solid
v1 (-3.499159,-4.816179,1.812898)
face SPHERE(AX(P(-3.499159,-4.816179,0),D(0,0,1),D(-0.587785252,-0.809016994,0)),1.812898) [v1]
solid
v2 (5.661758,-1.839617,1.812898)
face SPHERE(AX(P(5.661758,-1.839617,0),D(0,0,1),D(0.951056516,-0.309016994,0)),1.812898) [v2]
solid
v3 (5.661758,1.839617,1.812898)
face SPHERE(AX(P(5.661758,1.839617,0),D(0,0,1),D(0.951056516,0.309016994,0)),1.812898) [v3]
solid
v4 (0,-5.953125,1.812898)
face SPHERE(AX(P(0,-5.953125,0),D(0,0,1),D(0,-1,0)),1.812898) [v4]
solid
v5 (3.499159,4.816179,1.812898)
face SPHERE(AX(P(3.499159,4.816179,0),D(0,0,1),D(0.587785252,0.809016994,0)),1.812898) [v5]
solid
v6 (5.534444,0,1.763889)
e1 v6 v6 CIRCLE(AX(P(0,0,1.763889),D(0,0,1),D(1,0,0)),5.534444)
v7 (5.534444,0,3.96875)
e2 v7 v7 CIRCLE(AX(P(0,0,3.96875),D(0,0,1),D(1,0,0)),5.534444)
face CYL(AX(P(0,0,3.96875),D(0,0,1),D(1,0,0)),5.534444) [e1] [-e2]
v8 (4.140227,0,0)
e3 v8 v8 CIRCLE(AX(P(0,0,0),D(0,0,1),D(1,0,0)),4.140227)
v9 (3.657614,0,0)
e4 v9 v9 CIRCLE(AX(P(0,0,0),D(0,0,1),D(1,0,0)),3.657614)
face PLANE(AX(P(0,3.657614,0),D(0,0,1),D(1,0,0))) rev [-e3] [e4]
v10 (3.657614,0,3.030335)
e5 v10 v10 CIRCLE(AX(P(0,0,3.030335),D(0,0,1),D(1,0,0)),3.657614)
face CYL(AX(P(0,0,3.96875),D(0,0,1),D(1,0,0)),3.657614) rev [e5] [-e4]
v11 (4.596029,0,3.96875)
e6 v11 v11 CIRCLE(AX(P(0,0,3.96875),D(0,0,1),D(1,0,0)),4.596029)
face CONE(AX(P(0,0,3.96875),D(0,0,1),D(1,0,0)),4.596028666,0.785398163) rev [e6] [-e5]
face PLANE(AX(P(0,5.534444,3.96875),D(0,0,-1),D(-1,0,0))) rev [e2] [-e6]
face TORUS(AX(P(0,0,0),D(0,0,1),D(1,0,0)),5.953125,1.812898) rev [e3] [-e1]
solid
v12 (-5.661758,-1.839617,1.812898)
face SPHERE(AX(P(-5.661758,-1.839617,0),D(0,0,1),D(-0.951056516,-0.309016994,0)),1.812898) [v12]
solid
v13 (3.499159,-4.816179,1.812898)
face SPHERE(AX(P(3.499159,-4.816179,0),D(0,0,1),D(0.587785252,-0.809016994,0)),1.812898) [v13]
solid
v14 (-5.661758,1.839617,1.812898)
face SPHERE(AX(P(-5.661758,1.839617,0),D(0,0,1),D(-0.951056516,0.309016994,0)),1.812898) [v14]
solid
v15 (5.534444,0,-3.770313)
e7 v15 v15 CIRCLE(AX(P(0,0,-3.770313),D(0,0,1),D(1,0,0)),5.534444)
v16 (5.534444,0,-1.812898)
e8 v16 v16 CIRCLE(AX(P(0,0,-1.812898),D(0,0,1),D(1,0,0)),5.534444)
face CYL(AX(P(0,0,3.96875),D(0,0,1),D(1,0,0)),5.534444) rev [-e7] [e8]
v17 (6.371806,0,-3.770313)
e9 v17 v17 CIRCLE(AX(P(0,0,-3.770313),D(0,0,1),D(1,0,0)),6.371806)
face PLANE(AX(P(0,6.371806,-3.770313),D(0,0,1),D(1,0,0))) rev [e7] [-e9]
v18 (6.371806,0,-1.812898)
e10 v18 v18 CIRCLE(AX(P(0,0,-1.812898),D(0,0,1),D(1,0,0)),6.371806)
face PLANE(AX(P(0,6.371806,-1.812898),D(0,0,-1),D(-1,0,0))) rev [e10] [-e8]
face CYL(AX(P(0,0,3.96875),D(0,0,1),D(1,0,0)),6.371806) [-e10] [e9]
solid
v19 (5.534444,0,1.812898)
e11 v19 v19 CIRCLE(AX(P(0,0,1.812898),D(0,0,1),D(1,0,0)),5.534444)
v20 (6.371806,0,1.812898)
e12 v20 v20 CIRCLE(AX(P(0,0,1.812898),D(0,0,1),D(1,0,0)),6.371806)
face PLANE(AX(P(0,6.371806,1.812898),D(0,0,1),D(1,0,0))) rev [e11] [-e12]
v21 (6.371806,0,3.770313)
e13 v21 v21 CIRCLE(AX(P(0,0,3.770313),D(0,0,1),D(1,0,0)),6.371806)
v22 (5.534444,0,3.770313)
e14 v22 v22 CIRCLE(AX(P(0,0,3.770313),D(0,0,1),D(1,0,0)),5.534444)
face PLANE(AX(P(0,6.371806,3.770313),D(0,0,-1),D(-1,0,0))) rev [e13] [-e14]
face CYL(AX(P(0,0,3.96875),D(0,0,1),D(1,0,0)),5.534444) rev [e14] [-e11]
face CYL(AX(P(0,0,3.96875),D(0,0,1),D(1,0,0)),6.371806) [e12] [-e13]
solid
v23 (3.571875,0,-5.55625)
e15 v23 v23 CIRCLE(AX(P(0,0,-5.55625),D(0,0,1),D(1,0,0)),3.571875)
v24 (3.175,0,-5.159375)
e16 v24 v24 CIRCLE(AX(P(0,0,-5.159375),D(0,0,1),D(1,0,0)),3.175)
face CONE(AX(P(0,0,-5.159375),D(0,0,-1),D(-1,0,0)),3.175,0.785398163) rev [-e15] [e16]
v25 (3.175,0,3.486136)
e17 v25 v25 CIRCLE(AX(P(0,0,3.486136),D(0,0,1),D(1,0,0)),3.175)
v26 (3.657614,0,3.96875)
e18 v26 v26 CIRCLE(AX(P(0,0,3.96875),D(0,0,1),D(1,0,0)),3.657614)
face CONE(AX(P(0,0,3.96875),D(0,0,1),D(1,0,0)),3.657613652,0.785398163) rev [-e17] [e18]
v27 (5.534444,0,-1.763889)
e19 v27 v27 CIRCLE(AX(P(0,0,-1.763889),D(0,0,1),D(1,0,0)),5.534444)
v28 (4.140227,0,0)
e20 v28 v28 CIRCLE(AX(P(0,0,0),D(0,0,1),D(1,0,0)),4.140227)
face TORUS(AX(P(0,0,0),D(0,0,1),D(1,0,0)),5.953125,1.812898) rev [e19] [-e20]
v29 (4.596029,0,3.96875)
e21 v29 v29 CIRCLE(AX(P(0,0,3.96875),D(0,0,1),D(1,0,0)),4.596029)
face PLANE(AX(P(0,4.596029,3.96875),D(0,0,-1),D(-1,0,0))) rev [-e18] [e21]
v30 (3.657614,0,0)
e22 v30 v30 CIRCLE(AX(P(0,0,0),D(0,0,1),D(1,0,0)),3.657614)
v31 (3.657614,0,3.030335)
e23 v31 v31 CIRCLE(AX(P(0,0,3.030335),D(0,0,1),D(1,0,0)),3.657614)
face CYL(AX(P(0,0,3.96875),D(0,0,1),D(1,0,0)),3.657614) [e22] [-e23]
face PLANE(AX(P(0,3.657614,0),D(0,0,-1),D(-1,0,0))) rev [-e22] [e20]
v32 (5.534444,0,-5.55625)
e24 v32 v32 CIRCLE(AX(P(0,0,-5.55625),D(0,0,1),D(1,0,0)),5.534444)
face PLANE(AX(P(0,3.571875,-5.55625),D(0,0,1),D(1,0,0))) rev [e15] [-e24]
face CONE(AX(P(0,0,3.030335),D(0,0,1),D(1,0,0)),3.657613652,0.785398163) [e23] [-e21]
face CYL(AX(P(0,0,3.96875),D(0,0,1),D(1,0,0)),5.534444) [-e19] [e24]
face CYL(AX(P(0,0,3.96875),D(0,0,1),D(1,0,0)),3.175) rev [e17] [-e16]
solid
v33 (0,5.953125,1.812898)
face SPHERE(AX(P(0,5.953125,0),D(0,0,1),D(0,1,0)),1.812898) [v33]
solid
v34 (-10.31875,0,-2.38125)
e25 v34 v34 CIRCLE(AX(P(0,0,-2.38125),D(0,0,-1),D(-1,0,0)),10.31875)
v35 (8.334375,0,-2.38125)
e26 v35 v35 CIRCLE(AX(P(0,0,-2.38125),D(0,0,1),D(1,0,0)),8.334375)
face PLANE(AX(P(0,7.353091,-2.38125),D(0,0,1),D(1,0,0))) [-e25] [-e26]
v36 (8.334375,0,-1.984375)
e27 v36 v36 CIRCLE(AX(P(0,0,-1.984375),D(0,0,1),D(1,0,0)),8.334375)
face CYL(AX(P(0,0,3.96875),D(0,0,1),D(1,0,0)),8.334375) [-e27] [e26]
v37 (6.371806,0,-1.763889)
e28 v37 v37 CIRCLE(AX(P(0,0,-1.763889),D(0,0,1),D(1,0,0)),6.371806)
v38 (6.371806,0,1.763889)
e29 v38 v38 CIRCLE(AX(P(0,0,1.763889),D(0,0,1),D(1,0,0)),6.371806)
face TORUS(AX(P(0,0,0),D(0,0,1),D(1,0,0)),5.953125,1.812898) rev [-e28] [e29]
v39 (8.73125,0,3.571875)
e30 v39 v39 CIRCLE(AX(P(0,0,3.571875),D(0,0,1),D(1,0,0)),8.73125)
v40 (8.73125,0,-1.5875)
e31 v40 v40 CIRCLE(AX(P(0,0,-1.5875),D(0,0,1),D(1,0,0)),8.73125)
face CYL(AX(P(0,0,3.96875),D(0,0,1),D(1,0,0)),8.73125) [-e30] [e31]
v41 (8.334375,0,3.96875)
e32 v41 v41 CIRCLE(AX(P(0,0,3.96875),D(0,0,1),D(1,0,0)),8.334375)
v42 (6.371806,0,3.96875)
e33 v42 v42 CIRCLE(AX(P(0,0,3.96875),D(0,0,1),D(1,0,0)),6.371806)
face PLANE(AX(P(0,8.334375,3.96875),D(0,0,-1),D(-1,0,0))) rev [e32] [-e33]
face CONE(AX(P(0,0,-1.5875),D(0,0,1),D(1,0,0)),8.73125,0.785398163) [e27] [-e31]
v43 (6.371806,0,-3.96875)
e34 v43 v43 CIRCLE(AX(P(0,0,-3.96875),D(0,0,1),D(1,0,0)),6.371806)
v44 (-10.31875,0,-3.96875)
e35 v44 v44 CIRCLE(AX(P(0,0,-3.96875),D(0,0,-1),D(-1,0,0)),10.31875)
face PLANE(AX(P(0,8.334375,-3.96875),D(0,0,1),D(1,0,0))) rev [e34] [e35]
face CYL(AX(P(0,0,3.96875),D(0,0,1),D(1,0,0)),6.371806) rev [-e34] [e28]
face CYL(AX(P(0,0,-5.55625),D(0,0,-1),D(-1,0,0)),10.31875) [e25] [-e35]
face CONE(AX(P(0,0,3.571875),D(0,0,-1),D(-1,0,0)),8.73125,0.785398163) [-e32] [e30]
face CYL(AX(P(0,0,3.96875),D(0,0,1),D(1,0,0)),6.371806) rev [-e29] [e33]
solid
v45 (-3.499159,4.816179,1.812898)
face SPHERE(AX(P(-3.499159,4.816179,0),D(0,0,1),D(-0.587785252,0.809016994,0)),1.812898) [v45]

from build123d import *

# Parameters (mm, degrees)
SKETCH5_W         = 1.5875
SKETCH5_H         = 2.965659341
CIRPATTERN1_COUNT = 10
SKETCH7_W         = 1.957414803
SKETCH7_H         = 0.837362638


with BuildPart() as part:
    # Sketch1 → Revolve1 (revolve)
    with BuildSketch(Plane(origin=(0, 0, 0), x_dir=(0, 0, -1), z_dir=(1, 0, 0)), mode=Mode.PRIVATE) as revolve1_sk:
        with BuildLine():
            Line((3.571875, 8.73125), (-3.571875, 8.73125))
            Line((-3.571875, 8.73125), (-3.96875, 8.334375))
            Line((-3.96875, 8.334375), (-3.96875, 6.371806319))
            Line((-3.96875, 6.371806319), (-1.763888889, 6.371806319))
            ThreePointArc((-1.763888889, 6.371806319), (0, 7.766022697), (1.763888889, 6.371806319))
            Line((1.763888889, 6.371806319), (3.96875, 6.371806319))
            Line((3.96875, 6.371806319), (3.96875, 8.334375))
            Line((3.96875, 8.334375), (3.571875, 8.73125))
        make_face()
    revolve(revolve1_sk.sketch.rotate(Axis((0, 0, 3.96875), (0, 0, -1)), 90), axis=Axis((0, 0, 3.96875), (0, 0, -1)))

    # Sketch5 → Revolve5 (revolve)
    with BuildSketch(Plane(origin=(0, 0, 0), x_dir=(0, 0, -1), z_dir=(1, 0, 0)), mode=Mode.PRIVATE) as revolve5_sk:
        with Locations((3.175, 8.83592033)):
            Rectangle(SKETCH5_W, SKETCH5_H)
    revolve(revolve5_sk.sketch.rotate(Axis((0, 0, -5.55625), (0, 0, 1)), 270), axis=Axis((0, 0, -5.55625), (0, 0, 1)))

    # Sketch6 → Cut-Revolve1 (revolve, cut)
    with BuildSketch(Plane(origin=(0, 0, 0), x_dir=(0, 0, -1), z_dir=(1, 0, 0)), mode=Mode.PRIVATE) as cut_revolve1_sk:
        Polygon((1.5875, 8.73125), (1.984375, 8.334375), (2.38125, 8.334375), (2.38125, 8.73125), align=None)
    revolve(cut_revolve1_sk.sketch.rotate(Axis((0, 0, 3.96875), (0, 0, -1)), 90), axis=Axis((0, 0, 3.96875), (0, 0, -1)), mode=Mode.SUBTRACT)


with BuildPart() as body_2:
    # Sketch2 → Revolve2 (revolve)
    with BuildSketch(Plane(origin=(0, 0, 0), x_dir=(0, 0, -1), z_dir=(1, 0, 0)), mode=Mode.PRIVATE) as revolve2_sk:
        with BuildLine():
            Line((-3.96875, 5.534443681), (-1.763888889, 5.534443681))
            ThreePointArc((-1.763888889, 5.534443681), (-1.124182294, 4.530868965), (0, 4.140227303))
            Line((0, 4.140227303), (0, 3.657613652))
            Line((0, 3.657613652), (-3.030334985, 3.657613652))
            Line((-3.030334985, 3.657613652), (-3.96875, 4.596028666))
            Line((-3.96875, 4.596028666), (-3.96875, 5.534443681))
        make_face()
    revolve(revolve2_sk.sketch.rotate(Axis((0, 0, 3.96875), (0, 0, -1)), 90), axis=Axis((0, 0, 3.96875), (0, 0, -1)))


with BuildPart() as body_3:
    # Sketch3 → Revolve3 (revolve)
    with BuildSketch(Plane(origin=(0, 0, 0), x_dir=(0, 0, -1), z_dir=(1, 0, 0)), mode=Mode.PRIVATE) as revolve3_sk:
        with BuildLine():
            Line((-3.96875, 4.596028666), (-3.030334985, 3.657613652))
            Line((-3.030334985, 3.657613652), (0, 3.657613652))
            Line((0, 3.657613652), (0, 4.140227303))
            ThreePointArc((0, 4.140227303), (1.124182294, 4.530868965), (1.763888889, 5.534443681))
            Line((1.763888889, 5.534443681), (5.55625, 5.534443681))
            Line((5.55625, 5.534443681), (5.55625, 3.571875))
            Line((5.55625, 3.571875), (5.159375, 3.175))
            Line((5.159375, 3.175), (-3.486136348, 3.175))
            Line((-3.486136348, 3.175), (-3.96875, 3.657613652))
            Line((-3.96875, 3.657613652), (-3.96875, 4.596028666))
        make_face()
    revolve(revolve3_sk.sketch.rotate(Axis((0, 0, 3.96875), (0, 0, -1)), 90), axis=Axis((0, 0, 3.96875), (0, 0, -1)))


with BuildPart() as body_4:
    # Sketch4 → Revolve4 (revolve)
    with BuildSketch(Plane(origin=(0, 0, 0), x_dir=(0, 0, -1), z_dir=(1, 0, 0))):
        with BuildLine():
            Line((-1.812897697, 5.953125), (1.812897697, 5.953125))
            ThreePointArc((1.812897697, 5.953125), (0, 7.766022697), (-1.812897697, 5.953125))
        make_face()
    revolve(axis=Axis((0, 5.953125, 1.812897697), (0, 0, -1)))


with BuildPart() as cirpattern1_1:
    # CirPattern1: pattern copy
    add(body_4.part.rotate(Axis((0, 0, 0), (0, 0, 1)), 1 * 360 / CIRPATTERN1_COUNT))


with BuildPart() as cirpattern1_2:
    # CirPattern1: pattern copy
    add(body_4.part.rotate(Axis((0, 0, 0), (0, 0, 1)), 2 * 360 / CIRPATTERN1_COUNT))


with BuildPart() as cirpattern1_3:
    # CirPattern1: pattern copy
    add(body_4.part.rotate(Axis((0, 0, 0), (0, 0, 1)), 3 * 360 / CIRPATTERN1_COUNT))


with BuildPart() as cirpattern1_4:
    # CirPattern1: pattern copy
    add(body_4.part.rotate(Axis((0, 0, 0), (0, 0, 1)), 4 * 360 / CIRPATTERN1_COUNT))


with BuildPart() as cirpattern1_5:
    # CirPattern1: pattern copy
    add(body_4.part.rotate(Axis((0, 0, 0), (0, 0, 1)), 5 * 360 / CIRPATTERN1_COUNT))


with BuildPart() as cirpattern1_6:
    # CirPattern1: pattern copy
    add(body_4.part.rotate(Axis((0, 0, 0), (0, 0, 1)), 6 * 360 / CIRPATTERN1_COUNT))


with BuildPart() as cirpattern1_7:
    # CirPattern1: pattern copy
    add(body_4.part.rotate(Axis((0, 0, 0), (0, 0, 1)), 7 * 360 / CIRPATTERN1_COUNT))


with BuildPart() as cirpattern1_8:
    # CirPattern1: pattern copy
    add(body_4.part.rotate(Axis((0, 0, 0), (0, 0, 1)), 8 * 360 / CIRPATTERN1_COUNT))


with BuildPart() as cirpattern1_9:
    # CirPattern1: pattern copy
    add(body_4.part.rotate(Axis((0, 0, 0), (0, 0, 1)), 9 * 360 / CIRPATTERN1_COUNT))


with BuildPart() as body_14:
    # Sketch7 → Revolve6 (revolve)
    with BuildSketch(Plane(origin=(0, 0, 0), x_dir=(0, 0, -1), z_dir=(1, 0, 0)), mode=Mode.PRIVATE) as revolve6_sk:
        with Locations((-2.791605099, 5.953125)):
            Rectangle(SKETCH7_W, SKETCH7_H)
        with Locations((2.791605099, 5.953125)):
            Rectangle(SKETCH7_W, SKETCH7_H)
    revolve(revolve6_sk.sketch.rotate(Axis((0, 0, 3.96875), (0, 0, -1)), 90), axis=Axis((0, 0, 3.96875), (0, 0, -1)))


solid = Compound([part.part, body_2.part, body_3.part, body_4.part, cirpattern1_1.part, cirpattern1_2.part, cirpattern1_3.part, cirpattern1_4.part, cirpattern1_5.part, cirpattern1_6.part, cirpattern1_7.part, cirpattern1_8.part, cirpattern1_9.part, body_14.part])
